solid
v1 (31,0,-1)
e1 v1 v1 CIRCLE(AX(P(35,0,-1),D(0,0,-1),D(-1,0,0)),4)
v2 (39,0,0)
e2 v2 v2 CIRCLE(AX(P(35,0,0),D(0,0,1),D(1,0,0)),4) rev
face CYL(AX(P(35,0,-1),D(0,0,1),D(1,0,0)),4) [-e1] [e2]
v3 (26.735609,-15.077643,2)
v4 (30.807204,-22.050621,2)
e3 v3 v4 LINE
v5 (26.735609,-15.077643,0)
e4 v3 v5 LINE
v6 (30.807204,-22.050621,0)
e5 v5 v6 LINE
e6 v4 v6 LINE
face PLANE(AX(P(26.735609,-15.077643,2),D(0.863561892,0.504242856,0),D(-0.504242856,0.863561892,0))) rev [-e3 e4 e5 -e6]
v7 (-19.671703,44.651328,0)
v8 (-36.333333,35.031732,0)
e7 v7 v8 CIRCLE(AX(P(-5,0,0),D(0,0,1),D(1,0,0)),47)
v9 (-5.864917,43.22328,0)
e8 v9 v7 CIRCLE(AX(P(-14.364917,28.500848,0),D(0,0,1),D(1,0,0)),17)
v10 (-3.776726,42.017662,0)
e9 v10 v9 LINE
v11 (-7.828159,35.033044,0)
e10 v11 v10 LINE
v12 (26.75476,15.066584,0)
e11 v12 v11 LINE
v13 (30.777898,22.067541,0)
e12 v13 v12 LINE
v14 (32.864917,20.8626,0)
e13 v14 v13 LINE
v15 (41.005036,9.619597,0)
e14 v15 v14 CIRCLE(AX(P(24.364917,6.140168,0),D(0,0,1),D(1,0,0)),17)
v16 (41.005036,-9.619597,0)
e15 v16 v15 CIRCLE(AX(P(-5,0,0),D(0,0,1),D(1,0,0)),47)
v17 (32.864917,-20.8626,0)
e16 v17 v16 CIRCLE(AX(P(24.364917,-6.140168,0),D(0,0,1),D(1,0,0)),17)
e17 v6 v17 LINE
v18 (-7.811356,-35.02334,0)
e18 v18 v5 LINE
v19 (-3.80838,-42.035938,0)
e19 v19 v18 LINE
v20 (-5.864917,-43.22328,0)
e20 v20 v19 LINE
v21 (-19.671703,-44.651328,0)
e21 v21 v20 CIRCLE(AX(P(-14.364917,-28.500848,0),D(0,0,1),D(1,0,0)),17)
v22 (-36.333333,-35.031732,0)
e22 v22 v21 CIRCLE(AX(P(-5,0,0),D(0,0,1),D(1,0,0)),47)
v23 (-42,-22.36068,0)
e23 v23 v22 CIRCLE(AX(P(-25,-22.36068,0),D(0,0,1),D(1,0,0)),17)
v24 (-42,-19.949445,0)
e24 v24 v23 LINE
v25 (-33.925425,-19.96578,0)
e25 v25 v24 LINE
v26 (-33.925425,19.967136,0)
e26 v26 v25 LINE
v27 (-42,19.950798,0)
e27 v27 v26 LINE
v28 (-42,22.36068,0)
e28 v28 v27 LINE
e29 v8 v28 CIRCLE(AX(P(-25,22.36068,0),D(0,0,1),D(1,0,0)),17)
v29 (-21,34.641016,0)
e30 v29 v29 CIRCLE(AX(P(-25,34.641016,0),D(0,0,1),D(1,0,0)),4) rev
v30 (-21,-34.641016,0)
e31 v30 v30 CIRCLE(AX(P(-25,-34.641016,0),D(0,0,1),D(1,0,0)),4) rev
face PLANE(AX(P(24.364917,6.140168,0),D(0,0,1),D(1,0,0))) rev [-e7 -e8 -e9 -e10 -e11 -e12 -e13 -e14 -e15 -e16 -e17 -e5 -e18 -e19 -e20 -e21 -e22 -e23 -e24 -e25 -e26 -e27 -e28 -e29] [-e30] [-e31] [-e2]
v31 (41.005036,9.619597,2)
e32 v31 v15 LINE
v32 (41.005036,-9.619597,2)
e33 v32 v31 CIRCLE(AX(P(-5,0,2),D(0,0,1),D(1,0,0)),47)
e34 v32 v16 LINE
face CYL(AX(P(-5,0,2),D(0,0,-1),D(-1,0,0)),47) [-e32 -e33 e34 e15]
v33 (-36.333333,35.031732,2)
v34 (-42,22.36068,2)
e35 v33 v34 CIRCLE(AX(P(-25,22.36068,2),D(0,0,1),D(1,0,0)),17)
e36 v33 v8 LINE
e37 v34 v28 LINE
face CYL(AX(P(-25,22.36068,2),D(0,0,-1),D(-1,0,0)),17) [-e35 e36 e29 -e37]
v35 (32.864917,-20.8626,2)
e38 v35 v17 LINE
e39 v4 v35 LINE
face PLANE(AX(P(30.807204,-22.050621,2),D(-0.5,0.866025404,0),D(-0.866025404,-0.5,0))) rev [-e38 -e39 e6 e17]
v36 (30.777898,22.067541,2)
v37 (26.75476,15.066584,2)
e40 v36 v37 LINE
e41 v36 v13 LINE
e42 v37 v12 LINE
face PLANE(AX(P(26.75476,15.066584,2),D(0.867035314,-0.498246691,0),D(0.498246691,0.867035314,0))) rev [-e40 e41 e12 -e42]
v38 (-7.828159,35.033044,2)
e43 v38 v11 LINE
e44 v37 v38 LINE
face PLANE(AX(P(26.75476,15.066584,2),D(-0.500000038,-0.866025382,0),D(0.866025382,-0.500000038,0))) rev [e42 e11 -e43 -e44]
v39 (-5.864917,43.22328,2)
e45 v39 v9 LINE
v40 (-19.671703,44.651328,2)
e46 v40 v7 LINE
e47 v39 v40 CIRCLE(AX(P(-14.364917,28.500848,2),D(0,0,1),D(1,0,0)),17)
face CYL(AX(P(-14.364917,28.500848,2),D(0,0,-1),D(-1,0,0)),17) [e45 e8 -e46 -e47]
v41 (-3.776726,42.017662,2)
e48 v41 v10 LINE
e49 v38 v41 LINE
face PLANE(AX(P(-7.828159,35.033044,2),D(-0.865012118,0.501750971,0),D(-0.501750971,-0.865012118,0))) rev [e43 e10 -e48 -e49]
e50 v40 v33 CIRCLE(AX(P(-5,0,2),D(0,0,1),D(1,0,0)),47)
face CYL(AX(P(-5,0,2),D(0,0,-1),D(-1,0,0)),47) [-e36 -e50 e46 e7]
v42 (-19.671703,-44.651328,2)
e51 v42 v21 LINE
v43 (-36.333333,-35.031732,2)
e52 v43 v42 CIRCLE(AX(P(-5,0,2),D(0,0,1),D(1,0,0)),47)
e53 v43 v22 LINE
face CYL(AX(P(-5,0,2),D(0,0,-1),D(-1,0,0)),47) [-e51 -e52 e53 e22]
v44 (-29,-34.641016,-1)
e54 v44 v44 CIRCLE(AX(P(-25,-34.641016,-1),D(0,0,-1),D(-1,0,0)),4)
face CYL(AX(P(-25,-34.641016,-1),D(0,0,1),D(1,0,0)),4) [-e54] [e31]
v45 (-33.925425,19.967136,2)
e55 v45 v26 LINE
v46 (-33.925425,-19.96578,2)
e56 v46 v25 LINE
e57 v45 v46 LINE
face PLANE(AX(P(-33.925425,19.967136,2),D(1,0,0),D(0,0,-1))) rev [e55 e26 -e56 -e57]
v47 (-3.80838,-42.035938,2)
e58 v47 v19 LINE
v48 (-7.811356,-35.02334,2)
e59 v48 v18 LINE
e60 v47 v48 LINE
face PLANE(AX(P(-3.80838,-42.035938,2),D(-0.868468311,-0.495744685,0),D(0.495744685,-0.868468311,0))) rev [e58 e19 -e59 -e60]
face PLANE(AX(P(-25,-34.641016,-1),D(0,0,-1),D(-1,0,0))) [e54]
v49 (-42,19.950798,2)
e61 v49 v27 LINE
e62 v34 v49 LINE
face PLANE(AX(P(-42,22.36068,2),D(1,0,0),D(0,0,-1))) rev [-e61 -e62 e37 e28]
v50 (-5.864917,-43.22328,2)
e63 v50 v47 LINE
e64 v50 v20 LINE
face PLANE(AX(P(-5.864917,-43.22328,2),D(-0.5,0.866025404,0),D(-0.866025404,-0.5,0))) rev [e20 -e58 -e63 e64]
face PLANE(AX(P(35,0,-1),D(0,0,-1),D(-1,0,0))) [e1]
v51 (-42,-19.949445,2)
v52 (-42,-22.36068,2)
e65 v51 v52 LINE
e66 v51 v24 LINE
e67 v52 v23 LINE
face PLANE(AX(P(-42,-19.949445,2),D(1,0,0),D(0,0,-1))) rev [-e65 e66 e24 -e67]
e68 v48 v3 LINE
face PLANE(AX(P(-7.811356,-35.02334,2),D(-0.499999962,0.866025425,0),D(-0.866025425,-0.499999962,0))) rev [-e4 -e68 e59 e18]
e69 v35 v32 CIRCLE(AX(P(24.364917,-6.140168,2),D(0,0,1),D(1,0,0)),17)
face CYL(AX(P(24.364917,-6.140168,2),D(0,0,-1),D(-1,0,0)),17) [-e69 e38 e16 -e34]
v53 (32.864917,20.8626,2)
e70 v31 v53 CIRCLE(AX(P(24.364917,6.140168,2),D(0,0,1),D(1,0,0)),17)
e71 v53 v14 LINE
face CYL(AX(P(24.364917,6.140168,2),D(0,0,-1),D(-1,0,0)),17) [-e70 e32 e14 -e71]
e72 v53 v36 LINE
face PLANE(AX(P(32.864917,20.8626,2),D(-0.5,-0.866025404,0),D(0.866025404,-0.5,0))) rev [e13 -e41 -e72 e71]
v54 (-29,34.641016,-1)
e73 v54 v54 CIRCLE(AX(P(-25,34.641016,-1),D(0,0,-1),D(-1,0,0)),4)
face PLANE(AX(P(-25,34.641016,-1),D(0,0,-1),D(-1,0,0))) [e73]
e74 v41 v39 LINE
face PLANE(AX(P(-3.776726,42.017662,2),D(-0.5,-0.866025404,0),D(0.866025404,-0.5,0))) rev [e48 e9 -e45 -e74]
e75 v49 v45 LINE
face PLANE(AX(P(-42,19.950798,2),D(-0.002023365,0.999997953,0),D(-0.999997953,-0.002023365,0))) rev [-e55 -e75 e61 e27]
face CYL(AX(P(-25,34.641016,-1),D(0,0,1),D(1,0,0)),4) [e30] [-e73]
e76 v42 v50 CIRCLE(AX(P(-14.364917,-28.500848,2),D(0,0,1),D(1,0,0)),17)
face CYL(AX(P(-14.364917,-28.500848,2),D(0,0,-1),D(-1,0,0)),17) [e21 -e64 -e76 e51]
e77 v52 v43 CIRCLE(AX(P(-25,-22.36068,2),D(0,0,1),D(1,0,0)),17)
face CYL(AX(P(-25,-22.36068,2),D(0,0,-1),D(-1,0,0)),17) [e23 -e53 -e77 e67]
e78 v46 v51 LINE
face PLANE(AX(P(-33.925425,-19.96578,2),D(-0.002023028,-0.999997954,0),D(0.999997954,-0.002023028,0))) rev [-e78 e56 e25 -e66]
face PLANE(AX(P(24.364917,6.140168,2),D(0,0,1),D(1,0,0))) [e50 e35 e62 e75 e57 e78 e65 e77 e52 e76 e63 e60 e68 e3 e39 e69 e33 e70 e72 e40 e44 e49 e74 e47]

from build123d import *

# Parameters (mm, degrees)
SKETCH1_R           = 5
BOSS_EXTRUDE1_DEPTH = 2
SKETCH2_R           = 6
BOSS_EXTRUDE2_DEPTH = 2
SKETCH4_R           = 4
BOSS_EXTRUDE3_DEPTH = 1


with BuildPart() as part:
    # Sketch1 → Boss-Extrude1 (new body)
    with BuildSketch(Plane.XY):
        with BuildLine():
            Line((26.754759572, 15.066584336), (-7.828159274, 35.03304384))
            Line((-7.828159274, 35.03304384), (-3.776725793, 42.017662227))
            Line((-3.776725793, 42.017662227), (-5.864916731, 43.223279828))
            ThreePointArc((-5.864916731, 43.223279828), (-10.564626295, 45.070633496), (-15.599655414, 45.455948092))
            ThreePointArc((-15.599655414, 45.455948092), (-17.660328687, 45.178385552), (-19.671702879, 44.651328476))
            ThreePointArc((-19.671702879, 44.651328476), (-28.5, 40.703193978), (-36.333333333, 35.031731647))
            ThreePointArc((-36.333333333, 35.031731647), (-37.795465247, 33.553359039), (-39.066178094, 31.907544906))
            ThreePointArc((-39.066178094, 31.907544906), (-41.250000425, 27.354424482), (-42, 22.360679775))
            Line((-42, 22.360679775), (-42, 19.950798463))
            Line((-42, 19.950798463), (-33.9254247, 19.967136312))
            Line((-33.9254247, 19.967136312), (-33.9254247, -19.965779701))
            Line((-33.9254247, -19.965779701), (-42, -19.949444575))
            Line((-42, -19.949444575), (-42, -22.360679775))
            ThreePointArc((-42, -22.360679775), (-41.250000425, -27.354424482), (-39.066178094, -31.907544906))
            ThreePointArc((-39.066178094, -31.907544906), (-37.795465247, -33.553359039), (-36.333333333, -35.031731647))
            ThreePointArc((-36.333333333, -35.031731647), (-28.5, -40.703193978), (-19.671702879, -44.651328476))
            ThreePointArc((-19.671702879, -44.651328476), (-17.660328687, -45.178385552), (-15.599655414, -45.455948092))
            ThreePointArc((-15.599655414, -45.455948092), (-10.564626295, -45.070633496), (-5.864916731, -43.223279828))
            Line((-5.864916731, -43.223279828), (-3.808380011, -42.035937798))
            Line((-3.808380011, -42.035937798), (-7.811356047, -35.023340495))
            Line((-7.811356047, -35.023340495), (26.735608761, -15.07764306))
            Line((26.735608761, -15.07764306), (30.807203868, -22.050621128))
            Line((30.807203868, -22.050621128), (32.864916731, -20.862600053))
            ThreePointArc((32.864916731, -20.862600053), (36.81462672, -17.716209014), (39.665833508, -13.548403186))
            ThreePointArc((39.665833508, -13.548403186), (40.455793934, -11.625026513), (41.005036212, -9.619596828))
            ThreePointArc((41.005036212, -9.619596828), (42, 0), (41.005036212, 9.619596828))
            ThreePointArc((41.005036212, 9.619596828), (40.455793934, 11.625026513), (39.665833508, 13.548403186))
            ThreePointArc((39.665833508, 13.548403186), (36.81462672, 17.716209014), (32.864916731, 20.862600053))
            Line((32.864916731, 20.862600053), (30.777898295, 22.067540709))
            Line((30.777898295, 22.067540709), (26.754759572, 15.066584336))
        make_face()
        with Locations((-25, 34.641016151)):
            Circle(SKETCH1_R, mode=Mode.SUBTRACT)
        with Locations((35, 0)):
            Circle(SKETCH1_R, mode=Mode.SUBTRACT)
        with Locations((-25, -34.641016151)):
            Circle(SKETCH1_R, mode=Mode.SUBTRACT)
    extrude(amount=BOSS_EXTRUDE1_DEPTH)

    # Sketch2 → Boss-Extrude2 (add)
    with BuildSketch(Plane.XY.offset(2)):
        with Locations((-25, 34.641016151)):
            Circle(SKETCH2_R)
        with Locations((-25, -34.641016151)):
            Circle(SKETCH2_R)
        with Locations((35, 0)):
            Circle(SKETCH2_R)
    extrude(amount=-BOSS_EXTRUDE2_DEPTH)

    # Sketch4 → Boss-Extrude3 (add)
    with BuildSketch(Plane(origin=(0, 0, 0), x_dir=(-1, 0, 0), z_dir=(0, 0, -1))):
        with Locations(Location((25, 34.641016151, 0), (0, 0, 180))):
            Circle(SKETCH4_R)
        with Locations(Location((-35, 0, 0), (0, 0, 180))):
            Circle(SKETCH4_R)
        with Locations(Location((25, -34.641016151, 0), (0, 0, 180))):
            Circle(SKETCH4_R)
    extrude(amount=BOSS_EXTRUDE3_DEPTH)


solid = part.part
